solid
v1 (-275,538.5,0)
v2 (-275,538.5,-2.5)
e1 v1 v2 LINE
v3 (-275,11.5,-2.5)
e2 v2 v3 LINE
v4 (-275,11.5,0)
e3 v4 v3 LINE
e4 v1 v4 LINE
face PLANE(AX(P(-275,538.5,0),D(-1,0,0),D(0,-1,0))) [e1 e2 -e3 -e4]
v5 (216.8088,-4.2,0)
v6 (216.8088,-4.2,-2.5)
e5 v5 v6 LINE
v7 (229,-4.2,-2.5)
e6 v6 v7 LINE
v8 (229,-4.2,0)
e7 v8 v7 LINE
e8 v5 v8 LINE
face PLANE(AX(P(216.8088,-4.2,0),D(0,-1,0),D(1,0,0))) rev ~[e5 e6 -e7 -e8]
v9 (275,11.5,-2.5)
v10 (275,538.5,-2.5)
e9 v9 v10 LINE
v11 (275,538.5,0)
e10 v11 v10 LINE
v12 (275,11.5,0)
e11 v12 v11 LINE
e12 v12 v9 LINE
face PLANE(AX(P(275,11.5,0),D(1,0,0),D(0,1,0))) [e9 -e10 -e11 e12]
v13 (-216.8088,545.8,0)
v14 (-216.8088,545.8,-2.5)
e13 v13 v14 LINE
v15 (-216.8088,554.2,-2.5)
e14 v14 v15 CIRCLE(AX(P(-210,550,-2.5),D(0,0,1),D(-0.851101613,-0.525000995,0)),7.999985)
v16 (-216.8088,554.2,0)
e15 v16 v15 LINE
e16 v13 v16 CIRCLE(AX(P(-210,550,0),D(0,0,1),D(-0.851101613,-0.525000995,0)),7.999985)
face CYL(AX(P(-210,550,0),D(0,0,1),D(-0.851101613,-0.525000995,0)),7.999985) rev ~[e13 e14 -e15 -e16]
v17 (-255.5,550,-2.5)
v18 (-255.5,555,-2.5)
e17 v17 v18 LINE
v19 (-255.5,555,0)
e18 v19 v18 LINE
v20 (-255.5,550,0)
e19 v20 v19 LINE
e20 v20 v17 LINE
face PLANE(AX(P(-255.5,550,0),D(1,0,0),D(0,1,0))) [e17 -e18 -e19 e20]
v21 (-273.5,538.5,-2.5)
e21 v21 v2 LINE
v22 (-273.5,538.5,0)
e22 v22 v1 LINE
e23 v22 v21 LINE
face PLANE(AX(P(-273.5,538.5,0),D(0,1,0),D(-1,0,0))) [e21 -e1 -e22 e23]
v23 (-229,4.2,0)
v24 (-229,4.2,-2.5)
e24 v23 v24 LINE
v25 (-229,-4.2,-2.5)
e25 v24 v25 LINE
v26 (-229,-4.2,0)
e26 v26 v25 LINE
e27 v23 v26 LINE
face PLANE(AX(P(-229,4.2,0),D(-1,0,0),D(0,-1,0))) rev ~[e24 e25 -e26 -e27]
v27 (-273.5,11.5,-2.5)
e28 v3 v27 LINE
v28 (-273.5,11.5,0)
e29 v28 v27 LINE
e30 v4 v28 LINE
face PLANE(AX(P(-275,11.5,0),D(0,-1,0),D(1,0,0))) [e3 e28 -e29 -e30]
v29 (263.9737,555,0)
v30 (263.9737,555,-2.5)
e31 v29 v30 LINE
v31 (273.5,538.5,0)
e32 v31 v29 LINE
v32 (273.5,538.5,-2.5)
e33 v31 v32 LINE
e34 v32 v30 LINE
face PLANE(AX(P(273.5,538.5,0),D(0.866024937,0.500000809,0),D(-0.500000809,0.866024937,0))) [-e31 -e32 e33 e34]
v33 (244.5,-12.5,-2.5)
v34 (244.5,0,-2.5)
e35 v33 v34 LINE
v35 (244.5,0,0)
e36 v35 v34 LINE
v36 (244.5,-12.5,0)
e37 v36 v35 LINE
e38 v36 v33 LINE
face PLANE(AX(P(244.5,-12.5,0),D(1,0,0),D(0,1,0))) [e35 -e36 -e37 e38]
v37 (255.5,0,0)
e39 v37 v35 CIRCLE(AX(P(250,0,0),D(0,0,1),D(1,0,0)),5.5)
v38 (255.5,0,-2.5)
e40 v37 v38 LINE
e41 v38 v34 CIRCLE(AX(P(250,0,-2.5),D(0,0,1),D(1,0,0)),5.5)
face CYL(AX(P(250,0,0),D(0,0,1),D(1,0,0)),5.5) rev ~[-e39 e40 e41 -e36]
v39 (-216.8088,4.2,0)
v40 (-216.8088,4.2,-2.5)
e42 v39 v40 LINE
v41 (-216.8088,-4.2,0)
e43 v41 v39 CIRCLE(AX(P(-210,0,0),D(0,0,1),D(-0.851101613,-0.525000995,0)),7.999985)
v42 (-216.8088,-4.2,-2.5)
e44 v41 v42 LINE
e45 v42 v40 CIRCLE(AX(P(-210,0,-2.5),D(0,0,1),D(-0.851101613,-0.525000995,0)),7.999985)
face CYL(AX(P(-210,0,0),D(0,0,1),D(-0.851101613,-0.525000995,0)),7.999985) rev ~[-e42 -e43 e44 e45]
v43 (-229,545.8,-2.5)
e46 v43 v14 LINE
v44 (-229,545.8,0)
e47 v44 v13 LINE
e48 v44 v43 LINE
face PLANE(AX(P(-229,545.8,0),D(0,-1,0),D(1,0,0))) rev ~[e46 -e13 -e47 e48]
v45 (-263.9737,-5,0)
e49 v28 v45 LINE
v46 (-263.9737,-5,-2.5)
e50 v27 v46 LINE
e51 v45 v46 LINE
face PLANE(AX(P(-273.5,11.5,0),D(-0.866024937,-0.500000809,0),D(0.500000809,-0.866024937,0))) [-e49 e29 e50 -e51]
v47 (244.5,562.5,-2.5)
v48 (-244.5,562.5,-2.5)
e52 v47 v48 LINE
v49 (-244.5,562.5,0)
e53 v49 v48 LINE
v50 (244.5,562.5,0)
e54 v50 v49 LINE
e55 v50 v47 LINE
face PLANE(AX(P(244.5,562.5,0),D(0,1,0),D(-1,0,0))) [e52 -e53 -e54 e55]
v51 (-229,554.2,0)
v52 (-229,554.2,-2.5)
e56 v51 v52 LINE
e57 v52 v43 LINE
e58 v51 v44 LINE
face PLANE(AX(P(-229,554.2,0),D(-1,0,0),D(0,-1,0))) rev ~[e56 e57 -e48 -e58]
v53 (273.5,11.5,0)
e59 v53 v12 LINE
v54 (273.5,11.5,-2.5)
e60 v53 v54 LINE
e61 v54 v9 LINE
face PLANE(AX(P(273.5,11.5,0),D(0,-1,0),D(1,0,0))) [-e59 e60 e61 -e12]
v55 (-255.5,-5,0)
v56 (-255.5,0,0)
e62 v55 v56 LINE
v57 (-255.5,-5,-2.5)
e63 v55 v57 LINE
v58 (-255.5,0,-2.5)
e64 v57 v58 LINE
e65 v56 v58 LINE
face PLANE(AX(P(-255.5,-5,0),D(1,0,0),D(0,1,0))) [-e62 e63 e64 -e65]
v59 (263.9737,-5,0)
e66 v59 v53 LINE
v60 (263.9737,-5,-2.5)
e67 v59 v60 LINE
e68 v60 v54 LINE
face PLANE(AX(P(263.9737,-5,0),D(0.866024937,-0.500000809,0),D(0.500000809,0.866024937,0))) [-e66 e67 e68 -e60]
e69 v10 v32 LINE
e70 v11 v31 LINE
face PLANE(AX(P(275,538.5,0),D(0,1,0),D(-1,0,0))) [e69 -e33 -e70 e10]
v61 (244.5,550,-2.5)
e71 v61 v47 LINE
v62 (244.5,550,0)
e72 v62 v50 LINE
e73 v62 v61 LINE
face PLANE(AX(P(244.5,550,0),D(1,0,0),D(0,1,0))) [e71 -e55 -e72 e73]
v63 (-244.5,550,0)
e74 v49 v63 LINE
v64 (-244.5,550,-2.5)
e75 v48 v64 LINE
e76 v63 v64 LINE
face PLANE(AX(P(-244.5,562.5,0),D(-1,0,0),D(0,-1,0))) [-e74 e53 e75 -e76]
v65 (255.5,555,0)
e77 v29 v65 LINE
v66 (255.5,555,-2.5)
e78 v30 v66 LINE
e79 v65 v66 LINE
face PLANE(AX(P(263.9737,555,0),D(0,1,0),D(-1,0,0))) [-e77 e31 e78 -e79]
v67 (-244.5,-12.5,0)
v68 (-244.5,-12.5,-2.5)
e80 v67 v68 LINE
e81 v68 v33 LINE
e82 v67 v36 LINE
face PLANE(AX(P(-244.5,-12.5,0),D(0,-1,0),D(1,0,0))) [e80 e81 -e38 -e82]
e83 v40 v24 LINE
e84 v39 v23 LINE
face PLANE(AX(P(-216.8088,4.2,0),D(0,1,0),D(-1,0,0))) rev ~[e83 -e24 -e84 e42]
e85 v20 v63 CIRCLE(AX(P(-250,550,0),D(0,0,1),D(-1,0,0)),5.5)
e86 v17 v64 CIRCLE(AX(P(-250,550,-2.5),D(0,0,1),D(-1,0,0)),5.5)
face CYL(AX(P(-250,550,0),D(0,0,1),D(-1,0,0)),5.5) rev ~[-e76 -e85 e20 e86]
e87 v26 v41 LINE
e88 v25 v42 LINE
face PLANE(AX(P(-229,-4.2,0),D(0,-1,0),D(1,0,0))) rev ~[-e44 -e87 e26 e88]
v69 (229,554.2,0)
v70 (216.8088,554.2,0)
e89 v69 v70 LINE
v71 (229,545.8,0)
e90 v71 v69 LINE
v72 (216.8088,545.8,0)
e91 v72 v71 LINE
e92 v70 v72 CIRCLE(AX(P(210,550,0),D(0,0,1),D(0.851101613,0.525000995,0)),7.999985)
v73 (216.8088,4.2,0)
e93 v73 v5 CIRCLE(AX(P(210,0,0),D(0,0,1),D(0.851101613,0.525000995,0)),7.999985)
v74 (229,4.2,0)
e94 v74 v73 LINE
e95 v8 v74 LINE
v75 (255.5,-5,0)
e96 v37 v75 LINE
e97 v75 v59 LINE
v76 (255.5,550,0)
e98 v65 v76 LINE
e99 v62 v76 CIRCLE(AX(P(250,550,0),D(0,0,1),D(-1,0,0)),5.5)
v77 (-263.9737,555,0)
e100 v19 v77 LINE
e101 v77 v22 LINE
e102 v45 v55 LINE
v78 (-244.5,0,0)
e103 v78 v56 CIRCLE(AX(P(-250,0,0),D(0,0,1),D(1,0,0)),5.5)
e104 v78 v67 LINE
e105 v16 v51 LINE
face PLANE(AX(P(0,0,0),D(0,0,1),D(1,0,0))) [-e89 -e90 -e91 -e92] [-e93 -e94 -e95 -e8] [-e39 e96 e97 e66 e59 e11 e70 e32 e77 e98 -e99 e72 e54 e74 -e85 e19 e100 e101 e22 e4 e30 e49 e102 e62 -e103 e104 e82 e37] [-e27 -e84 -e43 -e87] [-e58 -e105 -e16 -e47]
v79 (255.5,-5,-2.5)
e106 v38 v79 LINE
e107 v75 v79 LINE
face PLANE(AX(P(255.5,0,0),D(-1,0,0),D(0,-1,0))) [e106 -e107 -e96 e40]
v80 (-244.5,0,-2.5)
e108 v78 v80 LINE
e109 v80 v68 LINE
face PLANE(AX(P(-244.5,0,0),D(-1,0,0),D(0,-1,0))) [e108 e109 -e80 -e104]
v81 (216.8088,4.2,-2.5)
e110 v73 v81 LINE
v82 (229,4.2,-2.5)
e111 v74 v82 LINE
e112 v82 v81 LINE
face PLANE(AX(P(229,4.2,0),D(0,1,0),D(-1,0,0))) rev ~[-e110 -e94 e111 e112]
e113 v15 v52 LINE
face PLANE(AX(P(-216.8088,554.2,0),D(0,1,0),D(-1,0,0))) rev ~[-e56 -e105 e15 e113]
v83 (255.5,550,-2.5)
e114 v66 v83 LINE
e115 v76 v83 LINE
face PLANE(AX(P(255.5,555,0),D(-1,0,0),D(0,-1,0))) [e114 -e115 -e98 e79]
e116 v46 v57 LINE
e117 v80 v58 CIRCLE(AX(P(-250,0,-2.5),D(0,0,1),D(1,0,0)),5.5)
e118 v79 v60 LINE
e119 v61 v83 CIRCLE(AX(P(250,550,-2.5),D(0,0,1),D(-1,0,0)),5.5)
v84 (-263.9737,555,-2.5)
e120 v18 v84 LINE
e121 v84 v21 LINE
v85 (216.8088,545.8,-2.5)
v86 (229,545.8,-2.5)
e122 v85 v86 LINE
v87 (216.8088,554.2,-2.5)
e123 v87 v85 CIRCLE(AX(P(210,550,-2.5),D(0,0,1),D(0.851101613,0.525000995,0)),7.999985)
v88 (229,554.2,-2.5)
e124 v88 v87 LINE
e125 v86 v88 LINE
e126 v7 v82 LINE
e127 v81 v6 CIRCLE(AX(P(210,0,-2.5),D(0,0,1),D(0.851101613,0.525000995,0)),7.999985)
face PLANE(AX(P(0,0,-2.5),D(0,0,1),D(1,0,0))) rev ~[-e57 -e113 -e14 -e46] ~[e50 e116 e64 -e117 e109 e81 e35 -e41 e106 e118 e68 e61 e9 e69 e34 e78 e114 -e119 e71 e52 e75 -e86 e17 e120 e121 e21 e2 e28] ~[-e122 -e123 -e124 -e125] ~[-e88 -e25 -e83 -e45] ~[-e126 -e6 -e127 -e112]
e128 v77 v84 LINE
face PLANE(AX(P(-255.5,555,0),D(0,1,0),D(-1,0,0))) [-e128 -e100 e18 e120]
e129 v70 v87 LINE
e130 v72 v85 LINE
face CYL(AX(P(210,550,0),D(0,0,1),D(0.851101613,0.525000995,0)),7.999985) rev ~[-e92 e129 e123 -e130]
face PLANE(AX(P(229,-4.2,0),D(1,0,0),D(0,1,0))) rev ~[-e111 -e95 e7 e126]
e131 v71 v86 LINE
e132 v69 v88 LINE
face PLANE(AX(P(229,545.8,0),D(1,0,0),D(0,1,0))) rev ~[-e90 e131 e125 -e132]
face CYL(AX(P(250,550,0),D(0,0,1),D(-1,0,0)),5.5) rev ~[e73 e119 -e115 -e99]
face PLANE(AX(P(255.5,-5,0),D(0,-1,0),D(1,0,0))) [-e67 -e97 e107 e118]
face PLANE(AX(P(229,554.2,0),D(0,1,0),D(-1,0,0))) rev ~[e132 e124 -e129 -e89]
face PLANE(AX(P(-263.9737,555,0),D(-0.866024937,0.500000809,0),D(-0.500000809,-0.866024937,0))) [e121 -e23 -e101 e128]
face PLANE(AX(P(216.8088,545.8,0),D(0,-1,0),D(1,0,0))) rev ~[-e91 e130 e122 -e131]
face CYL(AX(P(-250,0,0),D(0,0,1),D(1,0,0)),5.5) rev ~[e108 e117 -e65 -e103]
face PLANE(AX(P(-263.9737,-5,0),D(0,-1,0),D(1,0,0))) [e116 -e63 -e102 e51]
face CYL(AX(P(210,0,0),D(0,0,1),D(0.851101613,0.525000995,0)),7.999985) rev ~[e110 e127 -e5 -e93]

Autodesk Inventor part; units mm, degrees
sketch "Sketch_12" plane through (0, 0, 0) normal (0, 0, 1) x (1, 0, 0)
  line L0 (-275, 538.5) -> (-275, 11.5)
  line L1 (-275, 11.5) -> (-273.5, 11.5)
  line L2 (-273.5, 11.5) -> (-263.9737, -5)
  line L3 (-263.9737, -5) -> (-255.5, -5)
  line L4 (-255.5, -5) -> (-255.5, 0)
  arc A0 (-244.5, 0) -> (-255.5, 0) centre (-250, 0) ccw
  line L5 (-244.5, 0) -> (-244.5, -12.5)
  line L6 (-244.5, -12.5) -> (244.5, -12.5)
  line L7 (244.5, -12.5) -> (244.5, 0)
  arc A1 (255.5, 0) -> (244.5, 0) centre (250, 0) ccw
  line L8 (255.5, 0) -> (255.5, -5)
  line L9 (255.5, -5) -> (263.9737, -5)
  line L10 (263.9737, -5) -> (273.5, 11.5)
  line L11 (273.5, 11.5) -> (275, 11.5)
  line L12 (275, 11.5) -> (275, 538.5)
  line L13 (275, 538.5) -> (273.5, 538.5)
  line L14 (273.5, 538.5) -> (263.9737, 555)
  line L15 (263.9737, 555) -> (255.5, 555)
  line L16 (255.5, 555) -> (255.5, 550)
  arc A2 (244.5, 550) -> (255.5, 550) centre (250, 550) ccw
  line L17 (244.5, 550) -> (244.5, 562.5)
  line L18 (244.5, 562.5) -> (-244.5, 562.5)
  line L19 (-244.5, 562.5) -> (-244.5, 550)
  arc A3 (-255.5, 550) -> (-244.5, 550) centre (-250, 550) ccw
  line L20 (-255.5, 550) -> (-255.5, 555)
  line L21 (-255.5, 555) -> (-263.9737, 555)
  line L22 (-263.9737, 555) -> (-273.5, 538.5)
  line L23 (-273.5, 538.5) -> (-275, 538.5)
  arc A4 (216.8088, 4.2) -> (216.8088, -4.2) centre (210, 0) ccw
  line L24 (216.8088, -4.2) -> (229, -4.2)
  line L25 (229, -4.2) -> (229, 4.2)
  line L26 (229, 4.2) -> (216.8088, 4.2)
  arc A5 (216.8088, 554.2) -> (216.8088, 545.8) centre (210, 550) ccw
  line L27 (216.8088, 545.8) -> (229, 545.8)
  line L28 (229, 545.8) -> (229, 554.2)
  line L29 (229, 554.2) -> (216.8088, 554.2)
  line L30 (-229, 4.2) -> (-229, -4.2)
  line L31 (-229, -4.2) -> (-216.8088, -4.2)
  arc A6 (-216.8088, -4.2) -> (-216.8088, 4.2) centre (-210, 0) ccw
  line L32 (-216.8088, 4.2) -> (-229, 4.2)
  line L33 (-229, 554.2) -> (-229, 545.8)
  line L34 (-229, 545.8) -> (-216.8088, 545.8)
  arc A7 (-216.8088, 545.8) -> (-216.8088, 554.2) centre (-210, 550) ccw
  line L35 (-216.8088, 554.2) -> (-229, 554.2)
extrude "Extrusion1" add sketch "Sketch_12" against normal blind 2.5
ref_plane "MP_XY" through (0, 0, 0) normal (0, 0, 1) x (1, 0, 0)
ref_plane "MP_YZ" through (0, 0, 0) normal (1, 0, 0) x (0, 1, 0)
ref_plane "MP_ZX" through (0, 0, 0) normal (0, 1, 0) x (0, 0, 1)
ref_plane "to_EB_XY" through (224.8, 0, -2.5) normal (0, 0, 1) x (1, 0, 0)
ref_plane "to_EB_YZ" through (224.8, 0, -2.5) normal (1, 0, 0) x (0, 1, 0)
ref_plane "to_EB_ZX" through (224.8, 0, -2.5) normal (0, 1, 0) x (0, 0, 1)
properties part number "166X_02_00_P6_(2)"
